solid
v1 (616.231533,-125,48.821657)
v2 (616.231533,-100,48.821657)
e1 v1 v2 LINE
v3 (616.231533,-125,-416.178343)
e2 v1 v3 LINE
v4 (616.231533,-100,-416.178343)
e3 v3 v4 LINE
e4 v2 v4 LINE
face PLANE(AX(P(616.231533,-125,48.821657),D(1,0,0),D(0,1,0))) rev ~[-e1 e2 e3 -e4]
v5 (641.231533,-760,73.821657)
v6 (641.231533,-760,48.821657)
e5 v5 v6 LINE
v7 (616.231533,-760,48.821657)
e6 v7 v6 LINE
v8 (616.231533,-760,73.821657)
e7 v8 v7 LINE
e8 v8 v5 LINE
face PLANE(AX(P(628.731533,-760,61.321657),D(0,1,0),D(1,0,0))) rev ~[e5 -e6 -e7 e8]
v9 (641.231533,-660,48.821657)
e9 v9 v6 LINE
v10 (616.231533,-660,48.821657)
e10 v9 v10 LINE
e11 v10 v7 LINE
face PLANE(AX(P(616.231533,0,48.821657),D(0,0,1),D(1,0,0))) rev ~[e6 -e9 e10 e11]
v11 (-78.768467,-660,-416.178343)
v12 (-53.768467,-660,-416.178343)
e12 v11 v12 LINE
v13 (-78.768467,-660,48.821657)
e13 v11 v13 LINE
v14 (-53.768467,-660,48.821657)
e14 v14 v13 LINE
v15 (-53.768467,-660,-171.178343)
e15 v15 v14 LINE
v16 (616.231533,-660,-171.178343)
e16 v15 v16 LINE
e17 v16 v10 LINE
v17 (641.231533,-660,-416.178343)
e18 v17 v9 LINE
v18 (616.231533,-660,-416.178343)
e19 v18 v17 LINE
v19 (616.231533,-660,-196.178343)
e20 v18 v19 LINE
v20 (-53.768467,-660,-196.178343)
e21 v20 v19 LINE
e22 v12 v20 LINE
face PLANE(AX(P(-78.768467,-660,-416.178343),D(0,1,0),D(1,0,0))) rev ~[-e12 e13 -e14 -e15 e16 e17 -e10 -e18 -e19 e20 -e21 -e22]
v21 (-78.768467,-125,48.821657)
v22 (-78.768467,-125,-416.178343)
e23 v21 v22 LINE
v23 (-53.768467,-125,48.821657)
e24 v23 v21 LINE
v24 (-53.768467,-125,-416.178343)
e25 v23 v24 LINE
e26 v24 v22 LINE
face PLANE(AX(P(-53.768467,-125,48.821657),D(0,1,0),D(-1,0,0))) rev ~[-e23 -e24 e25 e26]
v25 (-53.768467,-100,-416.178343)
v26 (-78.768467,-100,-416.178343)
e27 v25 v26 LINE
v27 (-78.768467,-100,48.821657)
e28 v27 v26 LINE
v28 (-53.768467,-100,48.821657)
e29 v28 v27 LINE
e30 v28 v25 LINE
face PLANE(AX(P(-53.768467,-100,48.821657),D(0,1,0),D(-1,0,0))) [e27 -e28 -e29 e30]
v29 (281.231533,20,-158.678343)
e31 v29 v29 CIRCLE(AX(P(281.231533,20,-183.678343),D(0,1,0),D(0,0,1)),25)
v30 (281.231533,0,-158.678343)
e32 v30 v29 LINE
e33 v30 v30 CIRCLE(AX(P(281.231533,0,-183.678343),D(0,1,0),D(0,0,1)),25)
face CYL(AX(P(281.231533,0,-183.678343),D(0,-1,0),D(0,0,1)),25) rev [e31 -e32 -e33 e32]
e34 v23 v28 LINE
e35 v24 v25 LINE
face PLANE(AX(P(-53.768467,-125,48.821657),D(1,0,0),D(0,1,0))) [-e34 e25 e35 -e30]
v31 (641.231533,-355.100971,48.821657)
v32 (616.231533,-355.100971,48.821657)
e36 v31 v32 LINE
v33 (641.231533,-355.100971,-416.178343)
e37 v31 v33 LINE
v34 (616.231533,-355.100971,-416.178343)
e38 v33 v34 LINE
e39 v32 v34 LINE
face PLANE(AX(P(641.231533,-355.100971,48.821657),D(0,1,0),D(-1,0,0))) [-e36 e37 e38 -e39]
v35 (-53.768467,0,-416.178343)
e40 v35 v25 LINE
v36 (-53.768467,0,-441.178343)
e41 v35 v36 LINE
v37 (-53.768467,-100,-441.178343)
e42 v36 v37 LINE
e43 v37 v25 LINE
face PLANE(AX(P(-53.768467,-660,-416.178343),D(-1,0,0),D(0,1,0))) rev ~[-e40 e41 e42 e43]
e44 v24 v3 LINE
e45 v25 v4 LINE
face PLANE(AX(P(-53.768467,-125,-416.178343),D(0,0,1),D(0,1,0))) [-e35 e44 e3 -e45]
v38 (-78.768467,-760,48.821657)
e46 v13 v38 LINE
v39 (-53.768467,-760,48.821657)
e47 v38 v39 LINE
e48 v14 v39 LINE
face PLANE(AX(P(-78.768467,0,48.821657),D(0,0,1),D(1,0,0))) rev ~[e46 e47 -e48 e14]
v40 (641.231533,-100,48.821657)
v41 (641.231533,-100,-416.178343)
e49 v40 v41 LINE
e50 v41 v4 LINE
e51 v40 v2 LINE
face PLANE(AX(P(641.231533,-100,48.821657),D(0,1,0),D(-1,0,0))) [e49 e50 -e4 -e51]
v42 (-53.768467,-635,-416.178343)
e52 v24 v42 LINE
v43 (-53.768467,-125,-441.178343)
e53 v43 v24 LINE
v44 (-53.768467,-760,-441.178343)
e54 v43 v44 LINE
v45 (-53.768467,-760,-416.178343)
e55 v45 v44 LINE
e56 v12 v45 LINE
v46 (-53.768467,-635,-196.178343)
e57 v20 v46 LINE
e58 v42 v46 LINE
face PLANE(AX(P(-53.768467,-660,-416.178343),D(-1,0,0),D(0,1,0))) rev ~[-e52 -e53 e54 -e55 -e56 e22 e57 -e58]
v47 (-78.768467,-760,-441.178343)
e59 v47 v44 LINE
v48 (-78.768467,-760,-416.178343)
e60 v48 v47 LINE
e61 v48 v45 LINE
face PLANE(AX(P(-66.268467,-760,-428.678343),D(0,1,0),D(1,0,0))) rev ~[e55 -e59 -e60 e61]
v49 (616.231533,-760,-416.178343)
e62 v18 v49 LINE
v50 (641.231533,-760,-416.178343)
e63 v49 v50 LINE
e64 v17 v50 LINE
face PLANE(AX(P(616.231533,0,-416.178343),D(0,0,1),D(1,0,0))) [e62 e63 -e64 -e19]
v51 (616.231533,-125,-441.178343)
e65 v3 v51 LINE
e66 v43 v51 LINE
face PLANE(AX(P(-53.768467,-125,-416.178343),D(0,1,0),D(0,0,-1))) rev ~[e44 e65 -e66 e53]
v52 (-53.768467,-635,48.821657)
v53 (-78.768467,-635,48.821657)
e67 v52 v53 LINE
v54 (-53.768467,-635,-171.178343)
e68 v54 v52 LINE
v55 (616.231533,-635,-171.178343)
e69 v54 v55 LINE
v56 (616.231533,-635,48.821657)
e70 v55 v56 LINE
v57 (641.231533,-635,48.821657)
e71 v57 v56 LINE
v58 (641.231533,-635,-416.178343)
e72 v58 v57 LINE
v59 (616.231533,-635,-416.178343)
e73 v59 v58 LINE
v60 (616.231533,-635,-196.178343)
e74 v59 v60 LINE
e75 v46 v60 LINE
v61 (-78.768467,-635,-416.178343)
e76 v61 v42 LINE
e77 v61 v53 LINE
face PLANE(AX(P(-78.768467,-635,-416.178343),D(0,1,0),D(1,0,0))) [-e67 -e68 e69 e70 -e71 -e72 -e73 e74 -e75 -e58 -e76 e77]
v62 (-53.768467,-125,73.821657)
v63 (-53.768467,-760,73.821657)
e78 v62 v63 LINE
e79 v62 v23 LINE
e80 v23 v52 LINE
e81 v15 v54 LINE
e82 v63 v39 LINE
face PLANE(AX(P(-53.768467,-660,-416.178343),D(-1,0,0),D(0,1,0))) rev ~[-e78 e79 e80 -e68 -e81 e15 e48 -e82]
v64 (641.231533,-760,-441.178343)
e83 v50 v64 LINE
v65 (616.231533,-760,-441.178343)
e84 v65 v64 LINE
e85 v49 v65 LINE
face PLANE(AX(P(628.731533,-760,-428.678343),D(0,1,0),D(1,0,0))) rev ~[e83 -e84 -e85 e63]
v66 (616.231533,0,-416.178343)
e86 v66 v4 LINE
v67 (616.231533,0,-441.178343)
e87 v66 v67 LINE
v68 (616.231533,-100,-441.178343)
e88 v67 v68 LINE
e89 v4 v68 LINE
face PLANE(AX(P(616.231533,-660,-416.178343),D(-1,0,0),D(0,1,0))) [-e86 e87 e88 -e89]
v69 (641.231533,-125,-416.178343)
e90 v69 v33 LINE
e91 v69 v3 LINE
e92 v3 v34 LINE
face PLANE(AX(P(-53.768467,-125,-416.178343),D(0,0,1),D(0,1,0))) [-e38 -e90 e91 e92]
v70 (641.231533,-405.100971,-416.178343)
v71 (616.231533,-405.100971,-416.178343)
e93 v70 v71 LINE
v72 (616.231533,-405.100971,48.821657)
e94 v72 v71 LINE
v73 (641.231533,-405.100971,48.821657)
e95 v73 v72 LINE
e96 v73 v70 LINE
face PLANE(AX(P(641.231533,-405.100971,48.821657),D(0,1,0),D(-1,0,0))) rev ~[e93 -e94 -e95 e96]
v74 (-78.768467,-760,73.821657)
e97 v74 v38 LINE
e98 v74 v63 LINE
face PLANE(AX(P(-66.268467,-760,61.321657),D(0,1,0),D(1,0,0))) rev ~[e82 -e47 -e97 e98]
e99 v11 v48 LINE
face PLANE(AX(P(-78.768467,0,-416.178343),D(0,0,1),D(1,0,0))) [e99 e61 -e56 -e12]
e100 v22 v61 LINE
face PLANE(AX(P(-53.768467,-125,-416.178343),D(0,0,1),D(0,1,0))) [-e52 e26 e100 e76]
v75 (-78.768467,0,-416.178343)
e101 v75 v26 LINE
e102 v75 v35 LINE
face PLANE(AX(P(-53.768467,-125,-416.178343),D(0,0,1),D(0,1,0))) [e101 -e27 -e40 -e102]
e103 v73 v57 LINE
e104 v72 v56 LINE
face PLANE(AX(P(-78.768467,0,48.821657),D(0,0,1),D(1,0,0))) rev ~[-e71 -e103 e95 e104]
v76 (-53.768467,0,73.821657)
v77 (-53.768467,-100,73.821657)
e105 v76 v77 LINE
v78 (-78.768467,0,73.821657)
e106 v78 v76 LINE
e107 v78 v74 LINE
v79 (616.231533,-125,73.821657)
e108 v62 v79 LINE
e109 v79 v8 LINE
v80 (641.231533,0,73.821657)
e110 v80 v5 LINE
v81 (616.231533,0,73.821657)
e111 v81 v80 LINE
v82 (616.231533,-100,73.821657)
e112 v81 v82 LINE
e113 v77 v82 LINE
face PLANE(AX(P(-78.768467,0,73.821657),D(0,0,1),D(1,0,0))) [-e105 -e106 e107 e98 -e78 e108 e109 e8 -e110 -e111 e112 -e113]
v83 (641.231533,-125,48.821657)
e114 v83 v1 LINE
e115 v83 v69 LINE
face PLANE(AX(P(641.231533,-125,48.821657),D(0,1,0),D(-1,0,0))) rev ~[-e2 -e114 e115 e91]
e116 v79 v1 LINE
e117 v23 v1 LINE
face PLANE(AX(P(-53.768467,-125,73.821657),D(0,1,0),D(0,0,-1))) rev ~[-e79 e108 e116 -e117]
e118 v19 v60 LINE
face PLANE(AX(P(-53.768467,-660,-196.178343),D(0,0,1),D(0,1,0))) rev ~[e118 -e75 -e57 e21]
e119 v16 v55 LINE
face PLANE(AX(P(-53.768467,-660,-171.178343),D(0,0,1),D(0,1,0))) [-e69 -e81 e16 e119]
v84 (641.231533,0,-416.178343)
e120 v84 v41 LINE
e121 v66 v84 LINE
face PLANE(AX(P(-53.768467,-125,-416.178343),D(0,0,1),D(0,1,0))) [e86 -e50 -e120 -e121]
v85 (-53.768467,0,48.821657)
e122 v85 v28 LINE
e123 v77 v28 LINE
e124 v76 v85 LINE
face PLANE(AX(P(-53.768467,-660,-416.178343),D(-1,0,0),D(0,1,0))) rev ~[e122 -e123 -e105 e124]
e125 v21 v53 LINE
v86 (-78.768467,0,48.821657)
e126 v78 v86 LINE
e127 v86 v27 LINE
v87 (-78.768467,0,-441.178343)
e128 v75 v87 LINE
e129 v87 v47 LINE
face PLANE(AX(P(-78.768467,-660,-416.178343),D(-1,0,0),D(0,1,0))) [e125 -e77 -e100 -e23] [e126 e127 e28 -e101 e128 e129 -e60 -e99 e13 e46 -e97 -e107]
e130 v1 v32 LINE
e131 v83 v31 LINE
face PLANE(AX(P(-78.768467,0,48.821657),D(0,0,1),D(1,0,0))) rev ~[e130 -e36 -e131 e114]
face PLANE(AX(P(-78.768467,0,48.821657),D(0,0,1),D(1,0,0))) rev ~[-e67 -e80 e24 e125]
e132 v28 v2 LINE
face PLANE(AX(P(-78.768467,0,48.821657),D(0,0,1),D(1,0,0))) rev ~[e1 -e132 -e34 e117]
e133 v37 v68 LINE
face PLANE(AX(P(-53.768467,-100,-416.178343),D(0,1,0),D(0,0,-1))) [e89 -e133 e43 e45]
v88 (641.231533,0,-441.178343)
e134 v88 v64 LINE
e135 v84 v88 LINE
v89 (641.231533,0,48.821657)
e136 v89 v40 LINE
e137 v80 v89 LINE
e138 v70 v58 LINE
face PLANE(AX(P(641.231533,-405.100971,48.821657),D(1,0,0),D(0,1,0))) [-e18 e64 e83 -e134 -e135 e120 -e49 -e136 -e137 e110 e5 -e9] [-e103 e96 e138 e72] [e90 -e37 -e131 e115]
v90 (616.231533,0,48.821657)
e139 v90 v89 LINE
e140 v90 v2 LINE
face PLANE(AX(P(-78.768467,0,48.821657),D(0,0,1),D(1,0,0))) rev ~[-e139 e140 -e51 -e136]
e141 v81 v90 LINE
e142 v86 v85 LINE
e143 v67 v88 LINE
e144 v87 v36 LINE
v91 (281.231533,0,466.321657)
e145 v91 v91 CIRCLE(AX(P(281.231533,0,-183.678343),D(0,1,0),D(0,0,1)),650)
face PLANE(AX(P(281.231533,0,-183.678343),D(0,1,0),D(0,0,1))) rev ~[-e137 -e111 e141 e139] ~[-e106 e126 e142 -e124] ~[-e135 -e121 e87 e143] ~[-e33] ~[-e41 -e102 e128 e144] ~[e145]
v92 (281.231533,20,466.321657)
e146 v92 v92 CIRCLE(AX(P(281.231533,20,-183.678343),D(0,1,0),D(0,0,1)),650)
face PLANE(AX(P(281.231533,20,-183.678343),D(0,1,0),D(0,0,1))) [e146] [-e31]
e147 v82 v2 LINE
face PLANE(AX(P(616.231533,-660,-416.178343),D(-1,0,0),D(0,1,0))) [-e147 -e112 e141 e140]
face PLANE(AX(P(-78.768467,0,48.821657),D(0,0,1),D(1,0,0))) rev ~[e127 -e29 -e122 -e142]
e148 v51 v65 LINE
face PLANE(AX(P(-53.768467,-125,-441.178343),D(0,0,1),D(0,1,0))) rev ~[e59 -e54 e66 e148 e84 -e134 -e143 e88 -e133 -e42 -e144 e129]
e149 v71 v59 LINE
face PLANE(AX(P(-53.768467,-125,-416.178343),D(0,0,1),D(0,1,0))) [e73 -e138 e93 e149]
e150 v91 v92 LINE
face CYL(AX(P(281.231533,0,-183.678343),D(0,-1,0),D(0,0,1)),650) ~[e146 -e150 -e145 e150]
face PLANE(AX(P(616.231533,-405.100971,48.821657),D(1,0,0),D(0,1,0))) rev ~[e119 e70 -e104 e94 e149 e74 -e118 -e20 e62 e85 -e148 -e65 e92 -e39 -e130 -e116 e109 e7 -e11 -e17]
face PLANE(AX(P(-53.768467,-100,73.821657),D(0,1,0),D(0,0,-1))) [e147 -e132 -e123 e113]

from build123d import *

# Parameters (mm, degrees)
SKETCH2_W             = 25
SKETCH2_H             = 25
BOSS_EXTRUDE1_DEPTH   = 760
BOSS_EXTRUDE1_2_DEPTH = 760
BOSS_EXTRUDE1_3_DEPTH = 760
BOSS_EXTRUDE1_4_DEPTH = 760
SKETCH3_W             = 25
SKETCH3_H             = 25
BOSS_EXTRUDE2_DEPTH   = 470
SKETCH6_W             = 25
SKETCH6_H             = 25
BOSS_EXTRUDE4_DEPTH   = 675
SKETCH10_W            = 25
SKETCH10_H            = 25
BOSS_EXTRUDE5_DEPTH   = 470
SKETCH11_W            = 25
SKETCH11_H            = 50
BOSS_EXTRUDE6_DEPTH   = 470
SKETCH12_R            = 650
BOSS_EXTRUDE7_DEPTH   = 20
SKETCH13_R            = 25
CUT_EXTRUDE3_DEPTH    = 20


with BuildPart() as part:
    # Sketch2 → Boss-Extrude1 (new body)
    with BuildSketch(Plane(origin=(0, 0, 0), x_dir=(1, 0, 0), z_dir=(0, 1, 0))):
        with Locations((-66.268467475, 428.678343046)):
            Rectangle(SKETCH2_W, SKETCH2_H)
    extrude(amount=-BOSS_EXTRUDE1_DEPTH)



with BuildPart() as body_2:
    # Sketch2 → Boss-Extrude1 2 (new body)
    with BuildSketch(Plane(origin=(0, 0, 0), x_dir=(1, 0, 0), z_dir=(0, 1, 0))):
        with Locations((628.731532525, 428.678343046)):
            Rectangle(SKETCH2_W, SKETCH2_H)
    extrude(amount=-BOSS_EXTRUDE1_2_DEPTH)


with BuildPart() as body_3:
    # Sketch2 → Boss-Extrude1 3 (new body)
    with BuildSketch(Plane(origin=(0, 0, 0), x_dir=(1, 0, 0), z_dir=(0, 1, 0))):
        with Locations((628.731532525, -61.321656954)):
            Rectangle(SKETCH2_W, SKETCH2_H)
    extrude(amount=-BOSS_EXTRUDE1_3_DEPTH)


with BuildPart() as body_4:
    # Sketch2 → Boss-Extrude1 4 (new body)
    with BuildSketch(Plane(origin=(0, 0, 0), x_dir=(1, 0, 0), z_dir=(0, 1, 0))):
        with Locations((-66.268467475, -61.321656954)):
            Rectangle(SKETCH2_W, SKETCH2_H)
    extrude(amount=-BOSS_EXTRUDE1_4_DEPTH)


with BuildPart() as part_1:
    add(part.part)

    add(body_2.part)  # Boss-Extrude2 merges body 2

    add(body_3.part)  # Boss-Extrude2 merges body 3

    add(body_4.part)  # Boss-Extrude2 merges body 4
    # Sketch3 → Boss-Extrude2 (add)
    with BuildSketch(Plane.XY.offset(-416.178343046)):
        with Locations((-66.268467475, -647.5)):
            Rectangle(SKETCH3_W, SKETCH3_H)
        with Locations((628.731532525, -647.5)):
            Rectangle(SKETCH3_W, SKETCH3_H)
    extrude(amount=BOSS_EXTRUDE2_DEPTH)

    # Sketch6 → Boss-Extrude4 (add)
    with BuildSketch(Plane(origin=(-53.768467475, 0, 0), x_dir=(0, 0, -1), z_dir=(1, 0, 0))):
        with Locations((428.678343046, -112.5)):
            Rectangle(SKETCH6_W, SKETCH6_H)
        with Locations((183.678343046, -647.5)):
            Rectangle(SKETCH6_W, SKETCH6_H)
        with Locations((-61.321656954, -112.5)):
            Rectangle(SKETCH6_W, SKETCH6_H)
    extrude(amount=BOSS_EXTRUDE4_DEPTH)

    # Sketch10 → Boss-Extrude5 (add)
    with BuildSketch(Plane(origin=(0, 0, 48.821656954), x_dir=(-1, 0, 0), z_dir=(0, 0, -1))):
        with Locations((-628.731532525, -112.5)):
            Rectangle(SKETCH10_W, SKETCH10_H)
        with Locations((66.268467475, -112.5)):
            Rectangle(SKETCH10_W, SKETCH10_H)
    extrude(amount=BOSS_EXTRUDE5_DEPTH)

    # Sketch11 → Boss-Extrude6 (add)
    with BuildSketch(Plane(origin=(0, 0, 48.821656954), x_dir=(-1, 0, 0), z_dir=(0, 0, -1))):
        with Locations((-628.731532525, -380.100970917)):
            Rectangle(SKETCH11_W, SKETCH11_H)
    extrude(amount=BOSS_EXTRUDE6_DEPTH)

    # Sketch12 → Boss-Extrude7 (add)
    with BuildSketch(Plane(origin=(0, 0, 0), x_dir=(1, 0, 0), z_dir=(0, 1, 0))):
        with Locations(Location((281.231532525, 183.678343046, 0), (0, 0, 270))):
            Circle(SKETCH12_R)
    extrude(amount=BOSS_EXTRUDE7_DEPTH)

    # Sketch13 → Cut-Extrude3 (cut)
    with BuildSketch(Plane(origin=(0, 0, 0), x_dir=(1, 0, 0), z_dir=(0, 1, 0))):
        with Locations(Location((281.231532525, 183.678343046, 0), (0, 0, 270))):
            Circle(SKETCH13_R)
    extrude(amount=CUT_EXTRUDE3_DEPTH, mode=Mode.SUBTRACT)


solid = part_1.part
